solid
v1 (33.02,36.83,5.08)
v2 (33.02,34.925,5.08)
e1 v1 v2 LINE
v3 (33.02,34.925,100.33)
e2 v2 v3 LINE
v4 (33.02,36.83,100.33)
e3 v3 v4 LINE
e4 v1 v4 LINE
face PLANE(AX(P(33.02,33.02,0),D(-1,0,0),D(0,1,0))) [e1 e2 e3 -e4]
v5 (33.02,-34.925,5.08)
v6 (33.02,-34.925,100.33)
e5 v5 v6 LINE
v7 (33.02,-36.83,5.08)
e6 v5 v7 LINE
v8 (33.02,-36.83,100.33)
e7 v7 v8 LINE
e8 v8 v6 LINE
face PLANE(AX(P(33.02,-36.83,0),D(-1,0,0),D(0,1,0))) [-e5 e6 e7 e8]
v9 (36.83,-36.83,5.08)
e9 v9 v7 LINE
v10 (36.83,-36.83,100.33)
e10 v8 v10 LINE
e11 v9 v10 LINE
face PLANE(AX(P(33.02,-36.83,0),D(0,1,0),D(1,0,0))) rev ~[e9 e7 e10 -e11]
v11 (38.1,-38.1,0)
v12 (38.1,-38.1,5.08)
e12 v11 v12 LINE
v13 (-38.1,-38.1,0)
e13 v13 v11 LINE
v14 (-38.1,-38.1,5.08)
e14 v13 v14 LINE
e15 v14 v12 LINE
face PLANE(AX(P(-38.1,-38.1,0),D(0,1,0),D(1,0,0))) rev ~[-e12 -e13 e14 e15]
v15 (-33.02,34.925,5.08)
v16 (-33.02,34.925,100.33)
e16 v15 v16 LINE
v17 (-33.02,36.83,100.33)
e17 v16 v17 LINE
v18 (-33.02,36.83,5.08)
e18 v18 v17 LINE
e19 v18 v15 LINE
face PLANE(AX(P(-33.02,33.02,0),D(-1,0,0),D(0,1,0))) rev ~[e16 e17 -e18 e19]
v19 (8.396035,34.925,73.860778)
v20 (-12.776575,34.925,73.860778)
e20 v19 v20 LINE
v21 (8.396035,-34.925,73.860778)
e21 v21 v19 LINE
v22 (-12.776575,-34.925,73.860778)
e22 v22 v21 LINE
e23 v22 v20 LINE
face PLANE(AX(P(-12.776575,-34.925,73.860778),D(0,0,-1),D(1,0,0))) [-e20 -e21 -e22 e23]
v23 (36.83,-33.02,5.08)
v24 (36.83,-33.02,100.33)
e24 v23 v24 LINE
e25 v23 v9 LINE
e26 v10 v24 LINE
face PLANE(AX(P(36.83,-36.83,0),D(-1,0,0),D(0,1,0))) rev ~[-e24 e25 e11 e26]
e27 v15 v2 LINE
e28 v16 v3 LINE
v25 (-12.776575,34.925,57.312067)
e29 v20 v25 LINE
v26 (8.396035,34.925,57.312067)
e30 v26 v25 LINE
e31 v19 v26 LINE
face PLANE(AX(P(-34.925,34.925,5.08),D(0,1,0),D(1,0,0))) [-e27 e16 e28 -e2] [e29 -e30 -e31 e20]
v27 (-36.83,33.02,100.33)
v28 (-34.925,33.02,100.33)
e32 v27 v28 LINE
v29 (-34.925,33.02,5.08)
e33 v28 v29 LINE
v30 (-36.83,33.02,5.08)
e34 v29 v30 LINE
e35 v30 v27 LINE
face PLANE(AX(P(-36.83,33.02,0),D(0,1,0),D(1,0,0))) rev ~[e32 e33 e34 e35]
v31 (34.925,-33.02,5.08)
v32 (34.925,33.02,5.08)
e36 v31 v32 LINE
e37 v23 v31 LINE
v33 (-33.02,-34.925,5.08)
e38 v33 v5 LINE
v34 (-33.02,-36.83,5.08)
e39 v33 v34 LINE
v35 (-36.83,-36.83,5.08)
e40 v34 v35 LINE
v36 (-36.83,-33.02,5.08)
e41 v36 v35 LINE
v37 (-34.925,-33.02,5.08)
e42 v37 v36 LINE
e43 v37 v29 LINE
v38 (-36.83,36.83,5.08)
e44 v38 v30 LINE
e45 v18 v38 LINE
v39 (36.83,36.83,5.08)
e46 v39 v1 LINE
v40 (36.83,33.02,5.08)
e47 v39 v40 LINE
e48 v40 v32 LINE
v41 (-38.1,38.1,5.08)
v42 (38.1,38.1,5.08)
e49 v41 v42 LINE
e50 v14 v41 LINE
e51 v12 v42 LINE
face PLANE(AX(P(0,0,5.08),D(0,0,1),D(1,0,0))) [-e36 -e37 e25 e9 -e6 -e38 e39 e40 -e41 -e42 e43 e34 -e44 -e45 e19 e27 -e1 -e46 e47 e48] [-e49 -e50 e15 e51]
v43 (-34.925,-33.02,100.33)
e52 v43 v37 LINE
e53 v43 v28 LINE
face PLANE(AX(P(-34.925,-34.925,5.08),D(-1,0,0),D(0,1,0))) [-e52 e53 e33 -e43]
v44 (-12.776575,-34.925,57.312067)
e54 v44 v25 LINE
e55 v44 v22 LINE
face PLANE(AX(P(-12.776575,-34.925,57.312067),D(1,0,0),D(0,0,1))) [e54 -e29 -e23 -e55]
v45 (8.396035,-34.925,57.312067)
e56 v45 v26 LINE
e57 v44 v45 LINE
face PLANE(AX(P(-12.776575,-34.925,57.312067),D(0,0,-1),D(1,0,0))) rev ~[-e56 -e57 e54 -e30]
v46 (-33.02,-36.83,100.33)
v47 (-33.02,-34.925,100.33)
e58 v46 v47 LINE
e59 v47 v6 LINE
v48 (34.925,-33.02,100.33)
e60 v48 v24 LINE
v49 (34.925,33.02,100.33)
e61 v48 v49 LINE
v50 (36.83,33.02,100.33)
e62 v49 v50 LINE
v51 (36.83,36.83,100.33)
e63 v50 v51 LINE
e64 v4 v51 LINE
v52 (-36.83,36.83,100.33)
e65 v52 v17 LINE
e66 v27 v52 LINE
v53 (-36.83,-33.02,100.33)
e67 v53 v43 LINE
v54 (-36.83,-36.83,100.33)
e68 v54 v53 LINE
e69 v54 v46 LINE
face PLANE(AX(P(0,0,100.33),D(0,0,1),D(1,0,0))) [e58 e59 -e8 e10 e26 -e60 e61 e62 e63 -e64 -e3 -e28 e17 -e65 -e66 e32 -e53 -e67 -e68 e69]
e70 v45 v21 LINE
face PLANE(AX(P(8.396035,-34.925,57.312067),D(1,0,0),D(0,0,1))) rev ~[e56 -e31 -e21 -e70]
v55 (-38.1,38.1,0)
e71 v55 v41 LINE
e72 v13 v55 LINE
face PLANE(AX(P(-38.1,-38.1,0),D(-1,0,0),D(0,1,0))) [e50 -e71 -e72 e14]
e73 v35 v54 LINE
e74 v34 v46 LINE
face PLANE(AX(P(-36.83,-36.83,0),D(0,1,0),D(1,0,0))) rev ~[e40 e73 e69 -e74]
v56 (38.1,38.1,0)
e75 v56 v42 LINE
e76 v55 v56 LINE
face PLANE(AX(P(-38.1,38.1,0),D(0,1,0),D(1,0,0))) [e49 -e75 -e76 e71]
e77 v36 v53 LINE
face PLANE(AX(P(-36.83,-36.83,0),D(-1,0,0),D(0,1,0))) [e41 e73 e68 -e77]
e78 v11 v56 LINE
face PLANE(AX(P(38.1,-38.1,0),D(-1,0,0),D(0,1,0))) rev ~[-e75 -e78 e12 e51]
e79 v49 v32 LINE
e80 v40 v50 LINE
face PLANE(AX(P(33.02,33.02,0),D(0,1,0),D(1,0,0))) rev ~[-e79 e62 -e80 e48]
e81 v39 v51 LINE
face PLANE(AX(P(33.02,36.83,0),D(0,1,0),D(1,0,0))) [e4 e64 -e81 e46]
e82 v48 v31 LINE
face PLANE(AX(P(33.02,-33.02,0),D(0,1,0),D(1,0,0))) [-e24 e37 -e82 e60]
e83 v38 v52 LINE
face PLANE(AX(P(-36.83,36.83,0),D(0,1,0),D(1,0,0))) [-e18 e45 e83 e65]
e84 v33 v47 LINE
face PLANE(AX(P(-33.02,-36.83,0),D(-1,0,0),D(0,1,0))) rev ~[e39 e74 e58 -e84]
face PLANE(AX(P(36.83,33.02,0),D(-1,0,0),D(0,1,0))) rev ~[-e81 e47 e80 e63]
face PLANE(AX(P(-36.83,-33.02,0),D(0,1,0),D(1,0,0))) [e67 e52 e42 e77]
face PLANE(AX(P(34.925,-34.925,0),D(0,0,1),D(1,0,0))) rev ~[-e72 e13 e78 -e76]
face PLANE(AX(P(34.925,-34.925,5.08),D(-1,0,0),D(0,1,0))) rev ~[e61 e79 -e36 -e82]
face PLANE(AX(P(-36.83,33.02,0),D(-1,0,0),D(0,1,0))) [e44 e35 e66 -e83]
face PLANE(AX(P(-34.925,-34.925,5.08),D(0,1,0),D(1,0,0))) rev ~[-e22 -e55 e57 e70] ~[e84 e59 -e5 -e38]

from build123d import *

# Parameters (mm, degrees)
F0_W     = 76.2
F0_H     = 76.2
F1_DEPTH = 5.08
F2_W     = 69.85
F2_H     = 69.85
F3_DEPTH = 95.25
F4_W     = 3.81
F4_H     = 3.81
F5_DEPTH = 100.33
F6_W     = 21.172609
F6_H     = 16.548711
F7_DEPTH = 73.026


with BuildPart() as f1:
    # F0 (on Top) → F1 (new body)
    with BuildSketch(Plane.XY):
        Rectangle(F0_W, F0_H)
    extrude(amount=F1_DEPTH)

    # F2 (on face) → F3 (join)
    with BuildSketch(Plane.XY.offset(5.08)):
        Rectangle(F2_W, F2_H)
    extrude(amount=F3_DEPTH)

    # F4 (on Top) → F5 (join)
    with BuildSketch(Plane.XY):
        with Locations((34.925, -34.925)):
            Rectangle(F4_W, F4_H)
        with Locations((-34.925, -34.925)):
            Rectangle(F4_W, F4_H)
        with Locations((-34.925, 34.925)):
            Rectangle(F4_W, F4_H)
        with Locations((34.925, 34.925)):
            Rectangle(F4_W, F4_H)
    extrude(amount=F5_DEPTH)

    # F6 (on face) → F7 (cut, through all)
    with BuildSketch(Plane.XZ.offset(34.925)):
        with Locations((-2.19027, 65.586423)):
            Rectangle(F6_W, F6_H)
    extrude(amount=-F7_DEPTH, mode=Mode.SUBTRACT)


solid = f1.part
